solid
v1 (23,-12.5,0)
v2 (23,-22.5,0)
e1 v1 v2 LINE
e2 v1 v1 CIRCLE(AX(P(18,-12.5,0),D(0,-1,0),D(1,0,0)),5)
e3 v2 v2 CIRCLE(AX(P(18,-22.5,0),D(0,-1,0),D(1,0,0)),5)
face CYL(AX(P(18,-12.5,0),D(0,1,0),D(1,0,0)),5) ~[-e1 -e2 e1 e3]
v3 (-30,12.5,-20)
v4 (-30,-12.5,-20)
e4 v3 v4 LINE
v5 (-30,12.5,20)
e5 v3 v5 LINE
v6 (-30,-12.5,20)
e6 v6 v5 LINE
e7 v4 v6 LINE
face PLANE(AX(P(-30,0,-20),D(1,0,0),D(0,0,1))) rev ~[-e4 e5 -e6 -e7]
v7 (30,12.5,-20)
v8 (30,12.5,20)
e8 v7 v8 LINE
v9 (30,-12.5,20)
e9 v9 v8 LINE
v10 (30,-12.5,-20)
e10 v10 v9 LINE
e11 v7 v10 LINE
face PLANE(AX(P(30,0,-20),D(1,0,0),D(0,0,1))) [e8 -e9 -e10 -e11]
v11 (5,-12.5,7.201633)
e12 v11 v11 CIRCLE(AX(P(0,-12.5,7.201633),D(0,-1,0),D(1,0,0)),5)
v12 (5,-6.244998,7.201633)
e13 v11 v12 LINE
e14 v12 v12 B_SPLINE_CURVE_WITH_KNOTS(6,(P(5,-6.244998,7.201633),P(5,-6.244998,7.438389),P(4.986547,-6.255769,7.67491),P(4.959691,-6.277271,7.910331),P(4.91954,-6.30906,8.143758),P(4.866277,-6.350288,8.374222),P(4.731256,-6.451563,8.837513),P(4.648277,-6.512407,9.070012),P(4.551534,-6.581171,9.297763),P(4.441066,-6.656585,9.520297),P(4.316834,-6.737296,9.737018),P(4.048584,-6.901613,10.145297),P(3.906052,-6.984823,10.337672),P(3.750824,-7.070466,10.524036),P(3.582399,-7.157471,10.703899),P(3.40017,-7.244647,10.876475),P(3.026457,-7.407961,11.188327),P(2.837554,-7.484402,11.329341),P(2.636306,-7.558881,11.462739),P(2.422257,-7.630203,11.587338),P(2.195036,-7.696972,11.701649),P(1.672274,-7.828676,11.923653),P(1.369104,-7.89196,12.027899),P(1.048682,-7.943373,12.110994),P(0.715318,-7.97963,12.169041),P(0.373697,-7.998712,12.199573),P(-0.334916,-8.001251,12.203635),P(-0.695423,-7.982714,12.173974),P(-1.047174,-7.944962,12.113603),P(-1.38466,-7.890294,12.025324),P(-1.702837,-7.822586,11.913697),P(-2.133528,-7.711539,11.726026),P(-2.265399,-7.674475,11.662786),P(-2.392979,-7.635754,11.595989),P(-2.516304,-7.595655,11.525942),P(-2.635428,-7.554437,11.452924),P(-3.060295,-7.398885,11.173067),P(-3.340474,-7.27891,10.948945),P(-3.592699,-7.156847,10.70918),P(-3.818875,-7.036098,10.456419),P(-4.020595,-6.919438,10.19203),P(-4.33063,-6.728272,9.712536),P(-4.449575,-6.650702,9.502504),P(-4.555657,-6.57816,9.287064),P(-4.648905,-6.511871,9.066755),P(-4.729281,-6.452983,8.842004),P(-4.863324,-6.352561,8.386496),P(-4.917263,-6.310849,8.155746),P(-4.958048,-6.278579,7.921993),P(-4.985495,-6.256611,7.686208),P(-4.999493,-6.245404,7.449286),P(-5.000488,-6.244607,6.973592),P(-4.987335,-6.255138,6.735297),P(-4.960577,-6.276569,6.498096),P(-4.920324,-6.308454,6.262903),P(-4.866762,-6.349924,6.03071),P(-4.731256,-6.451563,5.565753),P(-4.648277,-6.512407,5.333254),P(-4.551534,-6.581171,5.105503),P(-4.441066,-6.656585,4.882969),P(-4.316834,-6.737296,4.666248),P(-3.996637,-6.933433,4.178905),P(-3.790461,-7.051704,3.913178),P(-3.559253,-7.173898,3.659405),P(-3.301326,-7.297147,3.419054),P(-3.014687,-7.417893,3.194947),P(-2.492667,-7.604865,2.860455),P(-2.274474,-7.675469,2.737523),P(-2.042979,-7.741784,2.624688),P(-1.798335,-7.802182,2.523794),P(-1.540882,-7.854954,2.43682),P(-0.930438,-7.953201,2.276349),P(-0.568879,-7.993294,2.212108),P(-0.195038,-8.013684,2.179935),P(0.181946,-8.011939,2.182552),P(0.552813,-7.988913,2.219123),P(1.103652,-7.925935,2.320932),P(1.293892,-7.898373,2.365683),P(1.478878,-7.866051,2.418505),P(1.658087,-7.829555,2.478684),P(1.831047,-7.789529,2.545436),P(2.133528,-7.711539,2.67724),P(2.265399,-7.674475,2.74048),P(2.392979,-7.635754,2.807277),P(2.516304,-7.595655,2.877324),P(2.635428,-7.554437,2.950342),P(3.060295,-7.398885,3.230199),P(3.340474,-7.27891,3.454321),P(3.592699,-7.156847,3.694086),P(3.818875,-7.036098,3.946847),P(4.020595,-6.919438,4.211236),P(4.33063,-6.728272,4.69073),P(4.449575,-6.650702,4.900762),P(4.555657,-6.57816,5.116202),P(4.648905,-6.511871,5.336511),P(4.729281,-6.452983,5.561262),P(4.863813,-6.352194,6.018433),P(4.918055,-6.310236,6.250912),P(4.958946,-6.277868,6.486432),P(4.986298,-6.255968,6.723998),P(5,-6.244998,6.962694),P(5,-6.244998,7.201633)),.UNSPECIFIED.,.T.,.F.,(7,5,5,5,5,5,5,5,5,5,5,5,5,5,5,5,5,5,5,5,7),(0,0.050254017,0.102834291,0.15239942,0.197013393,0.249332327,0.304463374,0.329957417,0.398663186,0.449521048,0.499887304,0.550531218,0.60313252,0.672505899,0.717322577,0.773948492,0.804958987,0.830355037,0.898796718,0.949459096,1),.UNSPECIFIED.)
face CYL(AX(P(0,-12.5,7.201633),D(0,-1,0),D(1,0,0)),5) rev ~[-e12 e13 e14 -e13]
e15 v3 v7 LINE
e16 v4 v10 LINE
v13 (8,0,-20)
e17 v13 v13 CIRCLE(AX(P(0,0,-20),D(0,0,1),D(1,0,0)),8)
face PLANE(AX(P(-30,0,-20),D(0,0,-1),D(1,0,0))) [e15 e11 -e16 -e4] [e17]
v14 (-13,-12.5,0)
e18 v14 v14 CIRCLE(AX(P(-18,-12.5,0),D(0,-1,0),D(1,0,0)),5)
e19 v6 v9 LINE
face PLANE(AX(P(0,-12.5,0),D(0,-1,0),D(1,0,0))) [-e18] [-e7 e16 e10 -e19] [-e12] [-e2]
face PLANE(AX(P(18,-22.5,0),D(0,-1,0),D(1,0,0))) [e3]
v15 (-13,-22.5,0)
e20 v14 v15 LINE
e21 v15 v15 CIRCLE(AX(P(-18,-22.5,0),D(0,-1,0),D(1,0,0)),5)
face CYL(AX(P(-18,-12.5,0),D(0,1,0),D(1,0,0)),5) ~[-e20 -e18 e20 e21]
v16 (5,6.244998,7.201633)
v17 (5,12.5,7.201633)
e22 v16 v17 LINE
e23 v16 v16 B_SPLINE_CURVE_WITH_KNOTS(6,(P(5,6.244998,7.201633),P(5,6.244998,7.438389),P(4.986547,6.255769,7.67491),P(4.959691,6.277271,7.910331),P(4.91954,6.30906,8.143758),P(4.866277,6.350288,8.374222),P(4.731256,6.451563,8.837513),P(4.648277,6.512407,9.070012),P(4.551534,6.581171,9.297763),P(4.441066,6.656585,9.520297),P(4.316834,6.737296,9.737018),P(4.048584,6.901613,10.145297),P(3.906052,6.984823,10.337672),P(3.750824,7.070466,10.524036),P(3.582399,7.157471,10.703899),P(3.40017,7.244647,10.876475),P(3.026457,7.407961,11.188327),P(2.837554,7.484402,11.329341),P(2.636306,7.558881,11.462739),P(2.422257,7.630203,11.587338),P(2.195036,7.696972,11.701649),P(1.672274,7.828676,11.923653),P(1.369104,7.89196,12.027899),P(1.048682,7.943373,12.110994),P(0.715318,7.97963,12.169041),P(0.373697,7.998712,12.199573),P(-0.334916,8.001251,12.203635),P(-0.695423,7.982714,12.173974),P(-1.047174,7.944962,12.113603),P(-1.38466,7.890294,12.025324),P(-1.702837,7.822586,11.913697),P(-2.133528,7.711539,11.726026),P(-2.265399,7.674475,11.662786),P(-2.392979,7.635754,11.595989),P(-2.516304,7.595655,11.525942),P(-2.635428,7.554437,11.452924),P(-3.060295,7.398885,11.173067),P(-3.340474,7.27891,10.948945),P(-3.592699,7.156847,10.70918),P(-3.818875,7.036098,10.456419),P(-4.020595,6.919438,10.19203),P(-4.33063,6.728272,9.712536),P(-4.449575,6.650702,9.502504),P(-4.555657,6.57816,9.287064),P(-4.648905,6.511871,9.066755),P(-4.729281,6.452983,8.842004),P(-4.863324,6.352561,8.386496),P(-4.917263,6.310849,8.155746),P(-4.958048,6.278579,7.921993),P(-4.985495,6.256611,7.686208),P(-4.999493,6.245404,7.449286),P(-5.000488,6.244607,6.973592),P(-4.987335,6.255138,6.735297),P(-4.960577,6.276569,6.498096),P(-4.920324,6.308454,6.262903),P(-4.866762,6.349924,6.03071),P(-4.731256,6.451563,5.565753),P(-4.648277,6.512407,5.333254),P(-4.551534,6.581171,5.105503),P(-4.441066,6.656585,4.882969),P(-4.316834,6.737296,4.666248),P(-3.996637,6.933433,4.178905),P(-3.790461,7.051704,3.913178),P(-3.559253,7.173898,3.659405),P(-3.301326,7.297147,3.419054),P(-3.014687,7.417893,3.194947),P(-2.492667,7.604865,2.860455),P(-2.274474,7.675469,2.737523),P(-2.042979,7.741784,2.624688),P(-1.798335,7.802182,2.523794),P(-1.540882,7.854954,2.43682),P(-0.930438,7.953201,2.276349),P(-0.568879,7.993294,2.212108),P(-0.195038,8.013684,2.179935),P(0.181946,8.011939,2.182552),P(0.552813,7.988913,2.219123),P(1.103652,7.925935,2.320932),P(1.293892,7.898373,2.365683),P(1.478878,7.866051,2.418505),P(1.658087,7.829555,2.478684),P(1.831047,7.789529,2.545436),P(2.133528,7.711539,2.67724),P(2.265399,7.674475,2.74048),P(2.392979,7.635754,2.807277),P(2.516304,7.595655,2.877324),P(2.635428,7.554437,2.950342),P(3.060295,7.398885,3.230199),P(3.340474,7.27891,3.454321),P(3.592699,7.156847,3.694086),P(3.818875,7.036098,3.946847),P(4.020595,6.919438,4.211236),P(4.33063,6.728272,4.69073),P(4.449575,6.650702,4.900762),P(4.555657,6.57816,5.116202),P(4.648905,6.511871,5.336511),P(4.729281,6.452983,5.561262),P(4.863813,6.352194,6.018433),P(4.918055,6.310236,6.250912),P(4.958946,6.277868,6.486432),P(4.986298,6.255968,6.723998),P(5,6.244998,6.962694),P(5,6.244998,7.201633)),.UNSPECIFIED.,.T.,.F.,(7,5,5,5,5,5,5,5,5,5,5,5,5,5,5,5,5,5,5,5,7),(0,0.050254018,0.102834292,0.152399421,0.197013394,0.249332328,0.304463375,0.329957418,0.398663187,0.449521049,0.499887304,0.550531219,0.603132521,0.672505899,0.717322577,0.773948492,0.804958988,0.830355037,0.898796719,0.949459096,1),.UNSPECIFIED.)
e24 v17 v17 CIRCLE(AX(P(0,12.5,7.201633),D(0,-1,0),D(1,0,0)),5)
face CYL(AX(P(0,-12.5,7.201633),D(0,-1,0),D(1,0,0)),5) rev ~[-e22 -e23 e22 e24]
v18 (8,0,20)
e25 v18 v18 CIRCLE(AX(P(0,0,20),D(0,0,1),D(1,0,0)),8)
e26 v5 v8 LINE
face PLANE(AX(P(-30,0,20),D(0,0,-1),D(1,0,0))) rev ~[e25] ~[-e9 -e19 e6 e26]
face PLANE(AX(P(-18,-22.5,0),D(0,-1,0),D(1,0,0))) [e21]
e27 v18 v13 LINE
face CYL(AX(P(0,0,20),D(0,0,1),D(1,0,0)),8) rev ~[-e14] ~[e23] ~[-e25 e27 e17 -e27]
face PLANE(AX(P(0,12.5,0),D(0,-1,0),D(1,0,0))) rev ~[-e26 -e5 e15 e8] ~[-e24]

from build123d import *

# Parameters (mm, degrees)
F0_W     = 60
F0_H     = 40
F1_DEPTH = 12.5
F2_R     = 8
F3_DEPTH = 40.001
F4_R     = 5
F5_DEPTH = 10
F6_R     = 5
F7_DEPTH = 25


with BuildPart() as f1:
    # F0 (on Front) → F1 (new body, symmetric)
    with BuildSketch(Plane.XZ):
        Rectangle(F0_W, F0_H)
    extrude(amount=F1_DEPTH, both=True)

    # F2 (on face) → F3 (cut, through all)
    with BuildSketch(Plane.XY.offset(20)):
        Circle(F2_R)
    extrude(amount=-F3_DEPTH, mode=Mode.SUBTRACT)

    # F4 (on face) → F5 (join)
    with BuildSketch(Plane.XZ.offset(12.5)):
        with Locations((-18, 0)):
            Circle(F4_R)
        with Locations((18, 0)):
            Circle(F4_R)
    extrude(amount=F5_DEPTH)

    # F6 (on face) → F7 (cut)
    with BuildSketch(Plane.XZ.offset(12.5)):
        with Locations((0, 7.201633)):
            Circle(F6_R)
    extrude(amount=-F7_DEPTH, mode=Mode.SUBTRACT)


solid = f1.part
